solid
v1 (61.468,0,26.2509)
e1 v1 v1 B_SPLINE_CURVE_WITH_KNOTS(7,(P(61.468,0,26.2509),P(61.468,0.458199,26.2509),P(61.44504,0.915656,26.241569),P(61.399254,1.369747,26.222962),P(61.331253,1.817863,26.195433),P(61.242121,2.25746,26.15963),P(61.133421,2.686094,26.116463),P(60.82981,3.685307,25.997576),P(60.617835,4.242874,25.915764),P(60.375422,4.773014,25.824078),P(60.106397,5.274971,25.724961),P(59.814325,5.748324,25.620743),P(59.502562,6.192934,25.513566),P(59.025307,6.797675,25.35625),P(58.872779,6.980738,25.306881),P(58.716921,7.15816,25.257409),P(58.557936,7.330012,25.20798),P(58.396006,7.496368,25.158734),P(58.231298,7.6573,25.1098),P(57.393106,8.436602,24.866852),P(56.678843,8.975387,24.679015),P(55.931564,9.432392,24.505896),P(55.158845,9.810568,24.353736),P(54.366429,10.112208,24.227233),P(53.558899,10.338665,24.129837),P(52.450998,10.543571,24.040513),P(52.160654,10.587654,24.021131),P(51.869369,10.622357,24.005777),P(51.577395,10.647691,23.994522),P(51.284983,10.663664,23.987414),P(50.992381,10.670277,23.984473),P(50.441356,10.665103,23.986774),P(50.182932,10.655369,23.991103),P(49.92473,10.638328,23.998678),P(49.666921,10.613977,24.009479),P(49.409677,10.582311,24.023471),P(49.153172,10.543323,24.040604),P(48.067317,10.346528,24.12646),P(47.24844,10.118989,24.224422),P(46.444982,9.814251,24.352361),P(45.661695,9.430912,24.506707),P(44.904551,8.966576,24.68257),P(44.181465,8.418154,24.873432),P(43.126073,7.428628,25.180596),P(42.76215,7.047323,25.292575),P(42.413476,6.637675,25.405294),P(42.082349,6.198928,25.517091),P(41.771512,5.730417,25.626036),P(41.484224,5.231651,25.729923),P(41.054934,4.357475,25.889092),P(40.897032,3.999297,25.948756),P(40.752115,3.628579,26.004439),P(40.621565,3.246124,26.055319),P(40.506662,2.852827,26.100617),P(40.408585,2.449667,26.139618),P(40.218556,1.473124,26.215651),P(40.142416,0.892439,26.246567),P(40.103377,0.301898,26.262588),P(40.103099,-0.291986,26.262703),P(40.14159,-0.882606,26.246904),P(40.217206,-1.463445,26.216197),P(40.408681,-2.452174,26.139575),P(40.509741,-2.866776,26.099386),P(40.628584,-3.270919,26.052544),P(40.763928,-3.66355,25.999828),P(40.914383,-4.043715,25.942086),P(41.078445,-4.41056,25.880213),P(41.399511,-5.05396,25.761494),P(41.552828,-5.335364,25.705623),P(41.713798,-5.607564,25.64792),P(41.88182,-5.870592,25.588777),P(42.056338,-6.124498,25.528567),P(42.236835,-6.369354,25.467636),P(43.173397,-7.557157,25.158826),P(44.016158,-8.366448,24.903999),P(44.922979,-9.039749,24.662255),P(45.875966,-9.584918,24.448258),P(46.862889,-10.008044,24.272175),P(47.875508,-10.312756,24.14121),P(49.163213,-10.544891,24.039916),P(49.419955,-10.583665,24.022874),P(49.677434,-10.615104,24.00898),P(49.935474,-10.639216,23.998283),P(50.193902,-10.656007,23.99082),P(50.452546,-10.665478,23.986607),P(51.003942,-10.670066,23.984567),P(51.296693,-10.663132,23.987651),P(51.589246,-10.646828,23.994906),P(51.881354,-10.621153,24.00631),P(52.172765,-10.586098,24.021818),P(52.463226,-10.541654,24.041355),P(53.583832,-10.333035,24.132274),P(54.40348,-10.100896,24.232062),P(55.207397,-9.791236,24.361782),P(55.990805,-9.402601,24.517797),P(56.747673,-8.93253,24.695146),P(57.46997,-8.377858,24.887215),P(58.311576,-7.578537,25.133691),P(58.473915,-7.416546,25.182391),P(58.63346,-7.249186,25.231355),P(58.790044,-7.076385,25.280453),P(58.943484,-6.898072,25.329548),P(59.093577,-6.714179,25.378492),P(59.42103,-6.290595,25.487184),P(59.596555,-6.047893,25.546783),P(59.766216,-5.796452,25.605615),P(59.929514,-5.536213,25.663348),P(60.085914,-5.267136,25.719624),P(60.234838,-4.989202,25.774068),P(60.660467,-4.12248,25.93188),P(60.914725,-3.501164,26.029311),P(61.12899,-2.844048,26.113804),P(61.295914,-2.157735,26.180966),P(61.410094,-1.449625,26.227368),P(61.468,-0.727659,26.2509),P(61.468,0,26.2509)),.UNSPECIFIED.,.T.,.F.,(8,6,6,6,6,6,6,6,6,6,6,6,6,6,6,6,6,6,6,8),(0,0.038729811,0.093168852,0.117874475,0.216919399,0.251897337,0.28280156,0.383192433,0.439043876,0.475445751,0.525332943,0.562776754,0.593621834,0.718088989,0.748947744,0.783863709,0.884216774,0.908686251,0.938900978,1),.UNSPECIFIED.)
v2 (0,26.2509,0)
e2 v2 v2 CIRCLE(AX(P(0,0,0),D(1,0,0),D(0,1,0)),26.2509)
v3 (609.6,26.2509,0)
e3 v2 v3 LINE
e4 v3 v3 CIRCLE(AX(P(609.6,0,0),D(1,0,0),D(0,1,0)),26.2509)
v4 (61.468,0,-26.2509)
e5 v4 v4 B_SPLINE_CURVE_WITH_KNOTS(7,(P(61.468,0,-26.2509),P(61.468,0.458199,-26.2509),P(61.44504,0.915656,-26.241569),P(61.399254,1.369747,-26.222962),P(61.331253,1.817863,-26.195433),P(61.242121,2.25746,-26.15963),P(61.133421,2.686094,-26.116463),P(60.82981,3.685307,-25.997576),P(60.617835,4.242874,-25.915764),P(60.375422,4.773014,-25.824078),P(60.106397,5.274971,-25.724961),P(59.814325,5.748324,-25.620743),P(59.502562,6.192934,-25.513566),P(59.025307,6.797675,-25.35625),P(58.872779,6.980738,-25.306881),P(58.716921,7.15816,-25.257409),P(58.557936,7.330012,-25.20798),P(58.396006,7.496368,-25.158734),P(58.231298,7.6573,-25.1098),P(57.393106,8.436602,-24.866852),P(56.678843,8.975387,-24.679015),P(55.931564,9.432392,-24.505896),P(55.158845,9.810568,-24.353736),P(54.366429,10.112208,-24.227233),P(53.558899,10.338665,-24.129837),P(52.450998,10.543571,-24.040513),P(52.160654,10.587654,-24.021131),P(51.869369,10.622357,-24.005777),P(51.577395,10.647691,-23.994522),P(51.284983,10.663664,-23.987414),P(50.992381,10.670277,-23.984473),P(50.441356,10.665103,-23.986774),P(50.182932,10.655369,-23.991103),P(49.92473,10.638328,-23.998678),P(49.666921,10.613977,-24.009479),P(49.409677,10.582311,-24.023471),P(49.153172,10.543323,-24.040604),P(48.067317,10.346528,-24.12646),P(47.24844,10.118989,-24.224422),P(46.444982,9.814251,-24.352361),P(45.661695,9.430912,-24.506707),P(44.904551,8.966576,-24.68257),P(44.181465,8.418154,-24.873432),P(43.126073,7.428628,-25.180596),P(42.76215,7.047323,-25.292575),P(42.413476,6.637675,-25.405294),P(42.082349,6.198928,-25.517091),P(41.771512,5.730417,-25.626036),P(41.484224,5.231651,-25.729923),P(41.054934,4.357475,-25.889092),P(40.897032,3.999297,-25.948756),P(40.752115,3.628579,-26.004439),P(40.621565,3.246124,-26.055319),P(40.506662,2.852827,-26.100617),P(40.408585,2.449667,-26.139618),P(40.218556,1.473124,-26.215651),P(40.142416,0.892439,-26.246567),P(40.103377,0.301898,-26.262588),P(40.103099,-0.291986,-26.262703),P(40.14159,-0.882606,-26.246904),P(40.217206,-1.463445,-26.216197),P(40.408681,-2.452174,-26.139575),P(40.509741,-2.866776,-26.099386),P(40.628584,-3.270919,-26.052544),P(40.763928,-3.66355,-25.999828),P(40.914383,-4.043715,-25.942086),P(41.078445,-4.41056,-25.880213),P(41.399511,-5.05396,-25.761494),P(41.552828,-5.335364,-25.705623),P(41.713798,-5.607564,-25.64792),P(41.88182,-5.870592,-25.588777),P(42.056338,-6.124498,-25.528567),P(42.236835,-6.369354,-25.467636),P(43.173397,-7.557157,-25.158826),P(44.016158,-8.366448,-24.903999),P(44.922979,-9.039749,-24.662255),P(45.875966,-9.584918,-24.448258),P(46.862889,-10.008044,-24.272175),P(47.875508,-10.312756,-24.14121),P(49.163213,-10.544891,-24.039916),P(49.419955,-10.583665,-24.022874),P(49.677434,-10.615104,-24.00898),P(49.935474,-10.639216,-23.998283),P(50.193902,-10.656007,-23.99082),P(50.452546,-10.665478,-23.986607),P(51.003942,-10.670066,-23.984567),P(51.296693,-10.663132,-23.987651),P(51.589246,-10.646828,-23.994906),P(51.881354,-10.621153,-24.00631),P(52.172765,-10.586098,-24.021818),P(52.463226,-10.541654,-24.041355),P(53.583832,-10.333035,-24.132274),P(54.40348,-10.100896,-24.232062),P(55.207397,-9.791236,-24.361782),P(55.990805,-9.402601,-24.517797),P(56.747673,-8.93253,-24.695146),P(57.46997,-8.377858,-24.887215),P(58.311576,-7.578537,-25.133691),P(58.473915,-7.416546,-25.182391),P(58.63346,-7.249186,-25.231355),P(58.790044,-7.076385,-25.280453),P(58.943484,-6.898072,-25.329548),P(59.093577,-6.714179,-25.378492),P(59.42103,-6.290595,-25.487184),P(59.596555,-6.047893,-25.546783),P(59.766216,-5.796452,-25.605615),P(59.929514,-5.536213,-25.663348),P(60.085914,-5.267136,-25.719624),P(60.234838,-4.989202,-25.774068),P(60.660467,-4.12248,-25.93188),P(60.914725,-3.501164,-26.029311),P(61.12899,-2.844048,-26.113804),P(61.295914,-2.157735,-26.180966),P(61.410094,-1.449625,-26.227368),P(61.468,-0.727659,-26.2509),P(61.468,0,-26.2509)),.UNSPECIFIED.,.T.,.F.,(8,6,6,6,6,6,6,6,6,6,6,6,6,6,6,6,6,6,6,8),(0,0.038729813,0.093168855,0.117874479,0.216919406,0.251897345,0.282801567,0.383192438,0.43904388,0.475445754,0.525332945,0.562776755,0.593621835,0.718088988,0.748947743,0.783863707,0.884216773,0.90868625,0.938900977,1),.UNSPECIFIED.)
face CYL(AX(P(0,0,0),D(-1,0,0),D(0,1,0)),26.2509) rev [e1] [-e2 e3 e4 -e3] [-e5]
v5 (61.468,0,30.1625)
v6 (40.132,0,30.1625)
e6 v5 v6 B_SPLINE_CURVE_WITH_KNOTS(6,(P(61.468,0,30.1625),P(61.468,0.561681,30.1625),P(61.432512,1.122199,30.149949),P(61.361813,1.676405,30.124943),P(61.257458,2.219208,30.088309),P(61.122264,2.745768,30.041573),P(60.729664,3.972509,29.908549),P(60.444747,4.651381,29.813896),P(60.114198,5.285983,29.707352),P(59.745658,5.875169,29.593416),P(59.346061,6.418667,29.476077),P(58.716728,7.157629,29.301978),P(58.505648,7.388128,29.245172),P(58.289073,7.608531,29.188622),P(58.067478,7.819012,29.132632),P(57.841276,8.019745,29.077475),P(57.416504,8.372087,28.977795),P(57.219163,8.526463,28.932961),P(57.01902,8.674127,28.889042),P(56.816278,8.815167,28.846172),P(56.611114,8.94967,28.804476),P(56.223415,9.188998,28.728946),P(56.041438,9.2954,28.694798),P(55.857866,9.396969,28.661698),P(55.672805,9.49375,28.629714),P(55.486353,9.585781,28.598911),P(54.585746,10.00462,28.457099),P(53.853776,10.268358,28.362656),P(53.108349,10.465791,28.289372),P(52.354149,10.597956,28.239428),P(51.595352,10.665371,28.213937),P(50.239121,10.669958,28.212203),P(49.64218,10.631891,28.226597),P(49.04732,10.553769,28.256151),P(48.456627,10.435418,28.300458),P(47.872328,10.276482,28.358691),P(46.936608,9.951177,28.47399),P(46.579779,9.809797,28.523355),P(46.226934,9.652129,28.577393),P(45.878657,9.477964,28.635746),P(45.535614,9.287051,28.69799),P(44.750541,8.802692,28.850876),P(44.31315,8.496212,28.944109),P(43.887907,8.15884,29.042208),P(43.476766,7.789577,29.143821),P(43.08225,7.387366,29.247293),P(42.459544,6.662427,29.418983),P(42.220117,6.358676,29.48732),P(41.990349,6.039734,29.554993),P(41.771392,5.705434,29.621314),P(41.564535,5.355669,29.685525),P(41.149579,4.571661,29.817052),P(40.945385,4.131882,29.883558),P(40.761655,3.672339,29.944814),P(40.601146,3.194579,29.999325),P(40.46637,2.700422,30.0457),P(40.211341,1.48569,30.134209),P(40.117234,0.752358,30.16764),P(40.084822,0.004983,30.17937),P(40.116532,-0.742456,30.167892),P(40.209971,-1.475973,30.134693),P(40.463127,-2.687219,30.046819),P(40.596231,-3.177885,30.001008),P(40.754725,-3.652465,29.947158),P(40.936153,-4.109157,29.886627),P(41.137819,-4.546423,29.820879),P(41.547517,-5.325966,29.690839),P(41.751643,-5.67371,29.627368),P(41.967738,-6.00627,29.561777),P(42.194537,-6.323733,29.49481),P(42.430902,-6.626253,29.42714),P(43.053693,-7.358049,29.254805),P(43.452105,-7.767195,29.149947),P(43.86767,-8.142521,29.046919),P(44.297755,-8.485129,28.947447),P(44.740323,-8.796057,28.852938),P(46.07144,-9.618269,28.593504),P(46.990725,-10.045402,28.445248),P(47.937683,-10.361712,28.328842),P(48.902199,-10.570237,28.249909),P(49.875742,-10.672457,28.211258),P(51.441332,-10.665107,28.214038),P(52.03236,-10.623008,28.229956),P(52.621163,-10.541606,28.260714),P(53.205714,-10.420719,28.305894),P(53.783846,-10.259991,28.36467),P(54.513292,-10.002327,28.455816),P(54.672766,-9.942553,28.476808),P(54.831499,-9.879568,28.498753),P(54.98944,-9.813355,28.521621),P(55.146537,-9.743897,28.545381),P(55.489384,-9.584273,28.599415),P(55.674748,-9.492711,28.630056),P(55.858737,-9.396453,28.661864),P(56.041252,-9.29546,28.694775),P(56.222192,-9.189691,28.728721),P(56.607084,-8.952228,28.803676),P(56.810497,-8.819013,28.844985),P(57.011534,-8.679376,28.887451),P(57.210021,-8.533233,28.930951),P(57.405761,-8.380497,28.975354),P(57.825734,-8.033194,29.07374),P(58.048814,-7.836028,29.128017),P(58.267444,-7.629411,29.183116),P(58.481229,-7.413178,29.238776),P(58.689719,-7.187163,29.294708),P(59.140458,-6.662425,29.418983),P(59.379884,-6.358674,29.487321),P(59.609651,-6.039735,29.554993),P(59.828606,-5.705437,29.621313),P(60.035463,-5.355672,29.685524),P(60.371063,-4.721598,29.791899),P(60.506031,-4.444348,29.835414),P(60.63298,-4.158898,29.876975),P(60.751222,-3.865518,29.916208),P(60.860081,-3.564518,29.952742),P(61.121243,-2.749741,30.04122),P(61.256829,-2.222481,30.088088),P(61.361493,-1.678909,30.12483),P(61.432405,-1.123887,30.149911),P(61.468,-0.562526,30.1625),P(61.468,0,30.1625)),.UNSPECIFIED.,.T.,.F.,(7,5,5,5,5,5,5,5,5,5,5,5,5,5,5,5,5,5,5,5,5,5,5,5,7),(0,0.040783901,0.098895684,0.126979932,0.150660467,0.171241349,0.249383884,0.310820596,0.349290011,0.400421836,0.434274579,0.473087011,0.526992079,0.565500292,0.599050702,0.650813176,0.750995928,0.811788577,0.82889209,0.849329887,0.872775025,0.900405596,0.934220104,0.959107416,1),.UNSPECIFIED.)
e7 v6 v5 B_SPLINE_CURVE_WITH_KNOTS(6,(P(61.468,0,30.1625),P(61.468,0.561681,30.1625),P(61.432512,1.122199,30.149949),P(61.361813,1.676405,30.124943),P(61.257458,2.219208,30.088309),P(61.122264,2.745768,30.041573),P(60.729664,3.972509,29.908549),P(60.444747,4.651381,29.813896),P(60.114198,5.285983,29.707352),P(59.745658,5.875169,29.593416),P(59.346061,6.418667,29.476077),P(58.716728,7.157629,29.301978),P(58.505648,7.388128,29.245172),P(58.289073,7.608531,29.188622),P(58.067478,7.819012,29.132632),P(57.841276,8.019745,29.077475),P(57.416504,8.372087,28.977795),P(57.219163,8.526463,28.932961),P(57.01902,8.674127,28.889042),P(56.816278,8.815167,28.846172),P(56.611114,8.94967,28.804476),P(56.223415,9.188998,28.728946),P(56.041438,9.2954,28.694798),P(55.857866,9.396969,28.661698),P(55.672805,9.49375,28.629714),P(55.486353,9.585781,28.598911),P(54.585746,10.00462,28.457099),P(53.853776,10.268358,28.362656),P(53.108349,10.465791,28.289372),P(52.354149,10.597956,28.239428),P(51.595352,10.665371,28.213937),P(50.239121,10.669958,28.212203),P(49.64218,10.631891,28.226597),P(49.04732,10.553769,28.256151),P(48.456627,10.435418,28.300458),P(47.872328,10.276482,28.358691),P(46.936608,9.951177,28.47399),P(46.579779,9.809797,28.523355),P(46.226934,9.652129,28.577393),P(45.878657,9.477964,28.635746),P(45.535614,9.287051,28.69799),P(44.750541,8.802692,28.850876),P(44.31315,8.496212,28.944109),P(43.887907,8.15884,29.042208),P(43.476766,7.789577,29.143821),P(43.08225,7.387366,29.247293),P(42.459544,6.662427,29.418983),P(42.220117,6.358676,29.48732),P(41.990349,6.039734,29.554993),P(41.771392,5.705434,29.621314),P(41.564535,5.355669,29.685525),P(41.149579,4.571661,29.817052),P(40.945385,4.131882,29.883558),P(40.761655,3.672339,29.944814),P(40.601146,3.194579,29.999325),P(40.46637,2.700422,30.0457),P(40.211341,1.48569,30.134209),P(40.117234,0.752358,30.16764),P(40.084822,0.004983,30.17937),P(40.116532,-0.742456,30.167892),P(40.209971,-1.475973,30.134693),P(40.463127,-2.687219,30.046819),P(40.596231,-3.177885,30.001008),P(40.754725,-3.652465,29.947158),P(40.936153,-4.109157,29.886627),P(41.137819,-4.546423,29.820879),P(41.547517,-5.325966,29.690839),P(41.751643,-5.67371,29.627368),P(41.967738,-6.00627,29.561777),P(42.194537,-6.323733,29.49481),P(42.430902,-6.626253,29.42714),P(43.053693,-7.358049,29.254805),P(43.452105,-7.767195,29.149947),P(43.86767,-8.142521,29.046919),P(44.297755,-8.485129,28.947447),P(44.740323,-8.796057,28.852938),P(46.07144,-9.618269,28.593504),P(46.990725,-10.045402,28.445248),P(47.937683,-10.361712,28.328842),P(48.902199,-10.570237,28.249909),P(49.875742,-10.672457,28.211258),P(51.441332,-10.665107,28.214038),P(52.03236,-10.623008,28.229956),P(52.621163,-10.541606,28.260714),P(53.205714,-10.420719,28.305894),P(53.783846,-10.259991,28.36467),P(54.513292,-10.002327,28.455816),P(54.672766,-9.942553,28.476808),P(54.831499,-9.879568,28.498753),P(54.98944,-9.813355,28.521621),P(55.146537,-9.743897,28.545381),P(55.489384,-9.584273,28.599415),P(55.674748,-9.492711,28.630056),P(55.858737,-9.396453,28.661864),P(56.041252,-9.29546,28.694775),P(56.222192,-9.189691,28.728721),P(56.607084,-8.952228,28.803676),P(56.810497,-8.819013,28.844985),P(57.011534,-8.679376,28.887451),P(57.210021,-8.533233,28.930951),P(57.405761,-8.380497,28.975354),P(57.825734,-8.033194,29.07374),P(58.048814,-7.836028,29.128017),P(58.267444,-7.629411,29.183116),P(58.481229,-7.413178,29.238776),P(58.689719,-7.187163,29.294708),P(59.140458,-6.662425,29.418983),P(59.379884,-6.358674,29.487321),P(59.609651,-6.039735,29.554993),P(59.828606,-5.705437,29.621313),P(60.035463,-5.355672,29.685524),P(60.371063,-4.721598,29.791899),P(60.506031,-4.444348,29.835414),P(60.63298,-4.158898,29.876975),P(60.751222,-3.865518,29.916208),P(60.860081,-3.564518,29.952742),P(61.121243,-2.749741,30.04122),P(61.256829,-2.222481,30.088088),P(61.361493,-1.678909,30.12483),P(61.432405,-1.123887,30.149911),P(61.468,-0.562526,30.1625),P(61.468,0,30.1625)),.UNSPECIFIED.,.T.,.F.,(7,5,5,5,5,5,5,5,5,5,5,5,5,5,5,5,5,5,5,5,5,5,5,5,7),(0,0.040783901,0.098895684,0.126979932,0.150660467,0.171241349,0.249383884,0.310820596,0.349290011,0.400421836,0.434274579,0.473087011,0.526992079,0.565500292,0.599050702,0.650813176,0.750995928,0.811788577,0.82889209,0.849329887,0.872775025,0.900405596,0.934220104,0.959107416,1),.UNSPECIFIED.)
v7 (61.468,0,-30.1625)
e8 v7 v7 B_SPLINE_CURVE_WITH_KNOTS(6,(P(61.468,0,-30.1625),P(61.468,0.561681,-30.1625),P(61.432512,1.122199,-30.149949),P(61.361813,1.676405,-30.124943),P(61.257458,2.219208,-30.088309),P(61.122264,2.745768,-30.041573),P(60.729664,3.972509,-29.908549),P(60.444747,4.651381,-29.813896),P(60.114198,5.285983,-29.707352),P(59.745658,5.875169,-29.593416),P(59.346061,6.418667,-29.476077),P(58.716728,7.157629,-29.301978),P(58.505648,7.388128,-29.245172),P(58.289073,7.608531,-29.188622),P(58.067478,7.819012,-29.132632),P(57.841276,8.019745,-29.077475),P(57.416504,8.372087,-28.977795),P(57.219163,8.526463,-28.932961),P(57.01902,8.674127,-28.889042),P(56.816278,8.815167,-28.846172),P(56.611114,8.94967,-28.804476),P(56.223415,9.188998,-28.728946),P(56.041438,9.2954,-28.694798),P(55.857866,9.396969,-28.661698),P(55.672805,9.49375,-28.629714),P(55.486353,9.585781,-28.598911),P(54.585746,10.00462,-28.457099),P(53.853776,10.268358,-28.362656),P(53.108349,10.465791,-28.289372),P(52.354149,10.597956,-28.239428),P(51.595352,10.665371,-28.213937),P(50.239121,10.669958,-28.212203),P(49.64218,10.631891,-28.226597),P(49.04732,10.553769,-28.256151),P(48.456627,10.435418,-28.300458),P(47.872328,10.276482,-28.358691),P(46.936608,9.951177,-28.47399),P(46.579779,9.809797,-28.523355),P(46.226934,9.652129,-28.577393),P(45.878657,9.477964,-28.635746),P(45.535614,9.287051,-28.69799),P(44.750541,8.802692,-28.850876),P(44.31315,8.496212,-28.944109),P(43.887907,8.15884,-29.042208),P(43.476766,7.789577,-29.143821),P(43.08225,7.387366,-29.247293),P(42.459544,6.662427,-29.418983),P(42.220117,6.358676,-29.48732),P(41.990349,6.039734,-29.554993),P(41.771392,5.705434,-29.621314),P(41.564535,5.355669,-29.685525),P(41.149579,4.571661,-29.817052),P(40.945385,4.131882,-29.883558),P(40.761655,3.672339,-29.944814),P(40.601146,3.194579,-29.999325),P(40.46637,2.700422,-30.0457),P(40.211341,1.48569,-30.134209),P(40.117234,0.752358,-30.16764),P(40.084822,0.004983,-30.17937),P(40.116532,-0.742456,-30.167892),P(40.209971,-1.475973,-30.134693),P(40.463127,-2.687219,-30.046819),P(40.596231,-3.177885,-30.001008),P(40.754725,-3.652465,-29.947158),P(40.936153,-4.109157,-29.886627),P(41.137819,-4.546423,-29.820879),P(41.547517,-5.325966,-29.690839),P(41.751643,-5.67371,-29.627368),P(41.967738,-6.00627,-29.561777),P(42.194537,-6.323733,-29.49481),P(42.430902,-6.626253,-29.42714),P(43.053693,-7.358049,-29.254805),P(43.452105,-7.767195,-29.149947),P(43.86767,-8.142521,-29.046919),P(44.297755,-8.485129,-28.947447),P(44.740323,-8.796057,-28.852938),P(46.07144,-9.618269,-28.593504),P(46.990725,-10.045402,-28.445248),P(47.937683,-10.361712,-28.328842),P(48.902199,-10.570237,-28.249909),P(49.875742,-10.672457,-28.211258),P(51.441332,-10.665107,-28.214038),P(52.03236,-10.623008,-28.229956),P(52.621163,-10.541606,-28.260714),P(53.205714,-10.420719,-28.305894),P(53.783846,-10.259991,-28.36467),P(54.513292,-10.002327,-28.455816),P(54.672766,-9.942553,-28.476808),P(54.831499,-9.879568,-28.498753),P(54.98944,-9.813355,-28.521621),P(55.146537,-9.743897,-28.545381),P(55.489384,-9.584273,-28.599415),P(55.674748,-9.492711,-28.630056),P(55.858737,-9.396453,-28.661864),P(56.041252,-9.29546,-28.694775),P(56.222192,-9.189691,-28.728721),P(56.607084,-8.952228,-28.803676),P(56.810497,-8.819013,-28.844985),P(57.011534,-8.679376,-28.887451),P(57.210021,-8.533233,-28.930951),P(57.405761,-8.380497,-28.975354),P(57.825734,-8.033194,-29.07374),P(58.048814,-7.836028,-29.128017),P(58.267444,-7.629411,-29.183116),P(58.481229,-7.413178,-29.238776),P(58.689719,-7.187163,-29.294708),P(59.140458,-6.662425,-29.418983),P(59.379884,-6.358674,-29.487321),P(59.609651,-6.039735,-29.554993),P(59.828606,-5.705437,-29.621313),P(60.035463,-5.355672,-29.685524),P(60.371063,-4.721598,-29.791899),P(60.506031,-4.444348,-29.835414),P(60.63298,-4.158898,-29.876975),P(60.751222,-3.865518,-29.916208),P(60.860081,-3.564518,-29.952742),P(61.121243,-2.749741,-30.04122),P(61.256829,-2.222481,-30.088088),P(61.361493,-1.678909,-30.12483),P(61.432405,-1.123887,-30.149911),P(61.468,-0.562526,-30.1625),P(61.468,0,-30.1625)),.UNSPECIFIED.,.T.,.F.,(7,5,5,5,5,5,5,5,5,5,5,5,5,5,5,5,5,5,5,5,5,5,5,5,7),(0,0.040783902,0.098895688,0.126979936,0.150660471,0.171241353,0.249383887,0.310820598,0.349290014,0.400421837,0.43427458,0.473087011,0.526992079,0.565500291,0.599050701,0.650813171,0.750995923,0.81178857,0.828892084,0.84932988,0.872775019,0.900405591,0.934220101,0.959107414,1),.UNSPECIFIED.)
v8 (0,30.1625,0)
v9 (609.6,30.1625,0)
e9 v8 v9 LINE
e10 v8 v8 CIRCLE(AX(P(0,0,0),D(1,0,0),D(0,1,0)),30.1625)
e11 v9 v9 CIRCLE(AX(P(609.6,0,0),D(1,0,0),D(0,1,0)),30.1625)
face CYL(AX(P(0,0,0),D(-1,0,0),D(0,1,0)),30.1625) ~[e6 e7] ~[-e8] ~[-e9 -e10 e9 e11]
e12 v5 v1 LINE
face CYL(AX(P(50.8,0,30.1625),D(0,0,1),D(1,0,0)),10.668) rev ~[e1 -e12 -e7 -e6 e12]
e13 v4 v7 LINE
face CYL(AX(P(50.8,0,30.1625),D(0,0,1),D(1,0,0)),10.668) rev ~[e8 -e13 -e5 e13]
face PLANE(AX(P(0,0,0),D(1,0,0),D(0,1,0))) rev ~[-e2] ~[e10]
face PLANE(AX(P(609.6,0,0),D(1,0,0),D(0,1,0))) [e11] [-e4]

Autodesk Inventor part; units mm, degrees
ref_plane "YZ Plane" through (0, 0, 0) normal (1, 0, 0) x (0, 1, 0)
ref_plane "XZ Plane" through (0, 0, 0) normal (0, 1, 0) x (-1, 0, 0)
sketch "Sketch3" plane through (0, 0, 0) normal (1, 0, 0) x (0, 1, 0)
  circle A0 centre (0, 0) radius 26.2509
  circle A1 centre (0, 0) radius 30.1625
  dimension "d10" = 60.325
  dimension "d11" = 52.5018
extrude "Extrusion3" add sketch "Sketch3" along normal blind 609.6
ref_plane "Work Plane1" through (0, 0, 30.1625) normal (0, 0, 1) x (1, 0, 0)
sketch "Sketch5" plane through (0, 0, 30.1625) normal (0, 0, 1) x (1, 0, 0)
  circle A0 centre (50.8, 0) radius 10.668
  line L0 (0, 30.1625) -> (0, -30.1625) projected
  point P0 (0, 0)
  dimension "d25" = 21.336
  dimension "d26" = 50.8
extrude "Extrusion5" cut sketch "Sketch5" against normal through all
equation "\"d10\" = cArmOutsideDiam"
equation "\"d11\" = cArmInsideDiam"
equation "\"d12\" = cArmLength"
equation "\"d25\" = cArmAxelHoleDaim"
equation "\"d26\" = cArmSpacing"
equation "\"catapultArmWallThickness\" = 1.5875"
equation "\"catapultArmWidth\" = 50.8"
equation "\"catapultArmLength\" = 1219.2"
equation "\"cArmAxelHoleDaim\" = 21.336"
equation "\"catapultArmHoleDistanceFromEnd\" = 381"
equation "\"cArmInsideDiam\" = 52.5018"
equation "\"cArmOutsideDiam\" = 60.325"
equation "\"cArmLength\" = 609.6"
equation "\"cArmSpacing\" = 50.8"
properties part number "cArmPVC1_5inchSchedule120"
